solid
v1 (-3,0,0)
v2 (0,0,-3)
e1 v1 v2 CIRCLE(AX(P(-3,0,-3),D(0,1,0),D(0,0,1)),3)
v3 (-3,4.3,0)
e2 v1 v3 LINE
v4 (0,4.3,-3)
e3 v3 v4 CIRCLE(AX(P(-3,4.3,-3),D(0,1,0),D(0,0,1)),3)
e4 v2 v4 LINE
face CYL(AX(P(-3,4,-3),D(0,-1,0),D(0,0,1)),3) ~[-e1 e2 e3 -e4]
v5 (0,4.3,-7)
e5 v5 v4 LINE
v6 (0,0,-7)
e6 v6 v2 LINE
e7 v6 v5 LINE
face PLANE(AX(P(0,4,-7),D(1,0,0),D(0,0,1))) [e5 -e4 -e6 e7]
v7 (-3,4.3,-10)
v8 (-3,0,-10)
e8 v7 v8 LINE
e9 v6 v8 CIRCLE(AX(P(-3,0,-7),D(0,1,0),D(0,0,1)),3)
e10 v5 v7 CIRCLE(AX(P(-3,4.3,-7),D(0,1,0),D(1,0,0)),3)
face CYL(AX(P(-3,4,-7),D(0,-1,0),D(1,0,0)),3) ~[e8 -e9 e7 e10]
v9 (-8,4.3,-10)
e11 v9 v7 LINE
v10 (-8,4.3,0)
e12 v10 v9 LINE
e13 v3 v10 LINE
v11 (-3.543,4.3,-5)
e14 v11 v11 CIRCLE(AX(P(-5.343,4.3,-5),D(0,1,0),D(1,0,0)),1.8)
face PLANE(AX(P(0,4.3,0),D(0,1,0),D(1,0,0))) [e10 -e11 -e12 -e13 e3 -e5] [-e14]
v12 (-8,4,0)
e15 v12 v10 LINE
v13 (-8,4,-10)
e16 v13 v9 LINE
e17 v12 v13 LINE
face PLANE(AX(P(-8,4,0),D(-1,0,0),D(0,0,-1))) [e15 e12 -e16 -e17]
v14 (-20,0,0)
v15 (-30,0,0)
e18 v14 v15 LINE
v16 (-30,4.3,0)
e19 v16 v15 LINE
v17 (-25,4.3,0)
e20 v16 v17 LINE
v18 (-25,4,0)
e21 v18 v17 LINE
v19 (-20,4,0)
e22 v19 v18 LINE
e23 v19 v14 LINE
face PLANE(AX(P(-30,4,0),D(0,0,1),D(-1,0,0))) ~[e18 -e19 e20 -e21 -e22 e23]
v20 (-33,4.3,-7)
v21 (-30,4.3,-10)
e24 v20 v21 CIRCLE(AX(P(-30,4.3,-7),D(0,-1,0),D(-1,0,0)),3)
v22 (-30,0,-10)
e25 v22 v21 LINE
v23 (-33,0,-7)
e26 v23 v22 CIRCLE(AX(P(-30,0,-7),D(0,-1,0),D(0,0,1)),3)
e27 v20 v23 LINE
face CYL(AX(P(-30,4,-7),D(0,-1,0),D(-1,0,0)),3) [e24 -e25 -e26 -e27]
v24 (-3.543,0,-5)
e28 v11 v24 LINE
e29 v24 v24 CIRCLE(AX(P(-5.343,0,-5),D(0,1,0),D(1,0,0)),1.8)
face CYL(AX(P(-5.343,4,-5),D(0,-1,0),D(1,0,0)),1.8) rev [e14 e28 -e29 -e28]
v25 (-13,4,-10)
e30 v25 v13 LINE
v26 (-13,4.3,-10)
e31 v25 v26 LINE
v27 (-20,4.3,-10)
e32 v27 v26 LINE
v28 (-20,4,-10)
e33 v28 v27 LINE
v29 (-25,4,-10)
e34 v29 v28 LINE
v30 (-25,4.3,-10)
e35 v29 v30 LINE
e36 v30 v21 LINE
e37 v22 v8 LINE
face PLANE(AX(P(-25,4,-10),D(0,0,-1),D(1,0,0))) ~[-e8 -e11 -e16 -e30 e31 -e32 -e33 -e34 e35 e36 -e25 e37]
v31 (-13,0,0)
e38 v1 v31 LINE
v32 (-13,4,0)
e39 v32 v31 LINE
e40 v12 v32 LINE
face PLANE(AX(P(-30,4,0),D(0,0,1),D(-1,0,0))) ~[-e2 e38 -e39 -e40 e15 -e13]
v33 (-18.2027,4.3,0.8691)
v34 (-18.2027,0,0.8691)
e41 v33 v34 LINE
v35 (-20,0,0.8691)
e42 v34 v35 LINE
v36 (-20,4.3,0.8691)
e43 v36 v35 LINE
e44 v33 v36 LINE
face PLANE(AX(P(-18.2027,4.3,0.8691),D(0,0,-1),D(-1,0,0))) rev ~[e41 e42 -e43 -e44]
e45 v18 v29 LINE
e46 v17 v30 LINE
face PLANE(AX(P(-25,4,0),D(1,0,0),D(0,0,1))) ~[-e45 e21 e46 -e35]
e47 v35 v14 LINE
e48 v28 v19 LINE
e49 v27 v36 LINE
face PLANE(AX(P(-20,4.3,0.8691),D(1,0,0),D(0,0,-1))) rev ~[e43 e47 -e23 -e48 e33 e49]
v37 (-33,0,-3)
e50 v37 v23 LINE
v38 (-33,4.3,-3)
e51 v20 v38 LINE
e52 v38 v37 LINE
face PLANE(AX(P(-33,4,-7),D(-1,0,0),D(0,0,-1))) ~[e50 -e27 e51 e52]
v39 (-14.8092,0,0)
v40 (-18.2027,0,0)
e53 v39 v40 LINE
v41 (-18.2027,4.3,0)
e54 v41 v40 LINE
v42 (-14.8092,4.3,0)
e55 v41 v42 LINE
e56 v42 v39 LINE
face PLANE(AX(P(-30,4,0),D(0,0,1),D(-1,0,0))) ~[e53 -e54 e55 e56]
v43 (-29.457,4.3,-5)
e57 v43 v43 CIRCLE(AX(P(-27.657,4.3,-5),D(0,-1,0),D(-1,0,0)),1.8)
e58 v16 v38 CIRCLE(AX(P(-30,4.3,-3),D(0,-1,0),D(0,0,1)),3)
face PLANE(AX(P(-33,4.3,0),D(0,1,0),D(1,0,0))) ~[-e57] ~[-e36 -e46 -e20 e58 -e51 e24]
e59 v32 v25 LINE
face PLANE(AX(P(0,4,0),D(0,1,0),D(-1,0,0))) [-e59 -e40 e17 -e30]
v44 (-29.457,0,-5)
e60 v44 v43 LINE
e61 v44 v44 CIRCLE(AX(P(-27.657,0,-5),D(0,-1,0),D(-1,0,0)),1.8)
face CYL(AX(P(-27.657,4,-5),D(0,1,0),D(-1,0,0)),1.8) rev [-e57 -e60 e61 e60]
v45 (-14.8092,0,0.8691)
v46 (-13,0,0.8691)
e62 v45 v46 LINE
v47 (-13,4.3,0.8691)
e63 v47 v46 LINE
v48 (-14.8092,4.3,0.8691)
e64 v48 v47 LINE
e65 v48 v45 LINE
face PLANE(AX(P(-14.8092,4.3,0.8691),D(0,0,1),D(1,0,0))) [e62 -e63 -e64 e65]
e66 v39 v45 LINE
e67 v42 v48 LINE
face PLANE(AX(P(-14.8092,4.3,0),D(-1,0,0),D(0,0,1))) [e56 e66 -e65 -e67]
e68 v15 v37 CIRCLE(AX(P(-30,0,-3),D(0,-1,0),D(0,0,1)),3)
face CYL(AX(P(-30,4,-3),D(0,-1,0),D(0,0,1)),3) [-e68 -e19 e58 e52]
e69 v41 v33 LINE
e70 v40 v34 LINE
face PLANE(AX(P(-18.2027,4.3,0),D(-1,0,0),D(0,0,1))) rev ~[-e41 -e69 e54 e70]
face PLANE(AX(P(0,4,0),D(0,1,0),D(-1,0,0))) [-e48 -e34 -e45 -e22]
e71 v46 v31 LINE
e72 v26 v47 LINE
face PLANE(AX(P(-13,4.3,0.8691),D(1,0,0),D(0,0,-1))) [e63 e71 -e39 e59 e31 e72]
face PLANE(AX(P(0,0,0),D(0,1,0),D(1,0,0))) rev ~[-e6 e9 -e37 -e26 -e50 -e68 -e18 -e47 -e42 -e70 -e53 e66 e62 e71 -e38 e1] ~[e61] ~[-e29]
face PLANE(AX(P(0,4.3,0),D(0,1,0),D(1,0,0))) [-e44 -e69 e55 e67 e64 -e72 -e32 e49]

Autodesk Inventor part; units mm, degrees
ref_plane "YZ Plane" through (0, 0, 0) normal (1, 0, 0) x (0, 1, 0)
ref_plane "XZ Plane" through (0, 0, 0) normal (0, 1, 0) x (-1, 0, 0)
sketch "Sketch1" plane through (0, 0, 0) normal (0, 1, 0) x (-1, 0, 0)
  line L0 (0, 0) -> (33, 0)
  line L1 (33, 0) -> (33, -10)
  line L2 (33, -10) -> (0, -10)
  line L3 (0, -10) -> (0, 0)
  dimension "d0" = 33
  dimension "d1" = 10
extrude "Extrusion1" add sketch "Sketch1" along normal blind 4
sketch "Sketch2" plane through (0, 4, 0) normal (0, 1, 0) x (1, 0, 0)
  circle A0 centre (-5.343, 5) radius 1.8
  point P0 (0, 0)
  dimension "d9" = 3.6
extrude "Extrusion2" cut sketch "Sketch2" against normal blind 4
ref_plane "Work Plane1" through (-16.5, 0, 0) normal (1, 0, 0) x (0, 0, -1)
mirror "Mirror1" about plane through (-16.5, 0, 0) normal (1, 0, 0) of "Extrusion2"
fillet "Fillet1" radius 3 4 edges at (-33, 2, 0) (-33, 2, -10) (0, 2, 0) (0, 2, -10)
sketch "Sketch3" plane through (0, 4, 0) normal (0, 1, 0) x (1, 0, 0)
  line L0 (-30, 0) -> (-3, 0) projected
  line L1 (-30, 10) -> (-3, 10) projected
  line L2 (-20, 0) -> (-13, 0)
  line L3 (-13, 0) -> (-13, 10)
  line L4 (-13, 10) -> (-20, 10)
  line L5 (-20, 10) -> (-20, 0)
  point P0 (0, 0)
  dimension "d10" = 7
  dimension "d11" = 10
extrude "Extrusion3" add sketch "Sketch3" along normal blind 0.3
sketch "Sketch4" plane through (0, 4, 0) normal (0, 1, 0) x (1, 0, 0)
  line L0 (-3, 0) -> (-8, 0)
  line L1 (-8, 0) -> (-8, 10)
  line L2 (-8, 10) -> (-3, 10)
  line L3 (0, 7) -> (0, 3)
  arc A0 (-3, 0) -> (0, 3) centre (-3, 3) ccw
  arc A1 (0, 7) -> (-3, 10) centre (-3, 7) ccw
  circle A2 centre (-5.343, 5) radius 1.8 projected
  circle A3 centre (-5.343, 5) radius 1.8
  point P0 (0, 0)
  point P1 (0, 10)
  dimension "d14" = 8
  dimension "d15" = 10
  dimension "d16" = 3
extrude "Extrusion4" add sketch "Sketch4" along normal blind 0.3
mirror "Mirror2" about plane through (-16.5, 0, 0) normal (1, 0, 0) of "Extrusion4"
sketch "Sketch6" plane through (0, 4.3, 0) normal (0, 1, 0) x (1, 0, 0)
  line L0 (-20, 0) -> (-13, 0) projected
  line L1 (-20, 0) -> (-18.2027, 0)
  line L2 (-18.2027, 0) -> (-18.2027, -0.8691)
  line L3 (-18.2027, -0.8691) -> (-20, -0.8691)
  line L4 (-20, -0.8691) -> (-20, 0)
  point P0 (0, 0)
extrude "Extrusion6" add sketch "Sketch6" against normal up to surface (4.3 mm away)
sketch "Sketch7" plane through (0, 4.3, 0) normal (0, 1, 0) x (1, 0, 0)
  line L0 (-13, 0) -> (-13, 10) projected
  line L1 (-13, 0) -> (-14.8092, 0)
  line L2 (-14.8092, 0) -> (-14.8092, -0.8691)
  line L3 (-14.8092, -0.8691) -> (-13, -0.8691)
  line L4 (-13, -0.8691) -> (-13, 0)
  point P0 (0, 0)
extrude "Extrusion7" add sketch "Sketch7" against normal up to surface (4.3 mm away)
properties part number "8 peristaltic pump clamp 0.3mm"
